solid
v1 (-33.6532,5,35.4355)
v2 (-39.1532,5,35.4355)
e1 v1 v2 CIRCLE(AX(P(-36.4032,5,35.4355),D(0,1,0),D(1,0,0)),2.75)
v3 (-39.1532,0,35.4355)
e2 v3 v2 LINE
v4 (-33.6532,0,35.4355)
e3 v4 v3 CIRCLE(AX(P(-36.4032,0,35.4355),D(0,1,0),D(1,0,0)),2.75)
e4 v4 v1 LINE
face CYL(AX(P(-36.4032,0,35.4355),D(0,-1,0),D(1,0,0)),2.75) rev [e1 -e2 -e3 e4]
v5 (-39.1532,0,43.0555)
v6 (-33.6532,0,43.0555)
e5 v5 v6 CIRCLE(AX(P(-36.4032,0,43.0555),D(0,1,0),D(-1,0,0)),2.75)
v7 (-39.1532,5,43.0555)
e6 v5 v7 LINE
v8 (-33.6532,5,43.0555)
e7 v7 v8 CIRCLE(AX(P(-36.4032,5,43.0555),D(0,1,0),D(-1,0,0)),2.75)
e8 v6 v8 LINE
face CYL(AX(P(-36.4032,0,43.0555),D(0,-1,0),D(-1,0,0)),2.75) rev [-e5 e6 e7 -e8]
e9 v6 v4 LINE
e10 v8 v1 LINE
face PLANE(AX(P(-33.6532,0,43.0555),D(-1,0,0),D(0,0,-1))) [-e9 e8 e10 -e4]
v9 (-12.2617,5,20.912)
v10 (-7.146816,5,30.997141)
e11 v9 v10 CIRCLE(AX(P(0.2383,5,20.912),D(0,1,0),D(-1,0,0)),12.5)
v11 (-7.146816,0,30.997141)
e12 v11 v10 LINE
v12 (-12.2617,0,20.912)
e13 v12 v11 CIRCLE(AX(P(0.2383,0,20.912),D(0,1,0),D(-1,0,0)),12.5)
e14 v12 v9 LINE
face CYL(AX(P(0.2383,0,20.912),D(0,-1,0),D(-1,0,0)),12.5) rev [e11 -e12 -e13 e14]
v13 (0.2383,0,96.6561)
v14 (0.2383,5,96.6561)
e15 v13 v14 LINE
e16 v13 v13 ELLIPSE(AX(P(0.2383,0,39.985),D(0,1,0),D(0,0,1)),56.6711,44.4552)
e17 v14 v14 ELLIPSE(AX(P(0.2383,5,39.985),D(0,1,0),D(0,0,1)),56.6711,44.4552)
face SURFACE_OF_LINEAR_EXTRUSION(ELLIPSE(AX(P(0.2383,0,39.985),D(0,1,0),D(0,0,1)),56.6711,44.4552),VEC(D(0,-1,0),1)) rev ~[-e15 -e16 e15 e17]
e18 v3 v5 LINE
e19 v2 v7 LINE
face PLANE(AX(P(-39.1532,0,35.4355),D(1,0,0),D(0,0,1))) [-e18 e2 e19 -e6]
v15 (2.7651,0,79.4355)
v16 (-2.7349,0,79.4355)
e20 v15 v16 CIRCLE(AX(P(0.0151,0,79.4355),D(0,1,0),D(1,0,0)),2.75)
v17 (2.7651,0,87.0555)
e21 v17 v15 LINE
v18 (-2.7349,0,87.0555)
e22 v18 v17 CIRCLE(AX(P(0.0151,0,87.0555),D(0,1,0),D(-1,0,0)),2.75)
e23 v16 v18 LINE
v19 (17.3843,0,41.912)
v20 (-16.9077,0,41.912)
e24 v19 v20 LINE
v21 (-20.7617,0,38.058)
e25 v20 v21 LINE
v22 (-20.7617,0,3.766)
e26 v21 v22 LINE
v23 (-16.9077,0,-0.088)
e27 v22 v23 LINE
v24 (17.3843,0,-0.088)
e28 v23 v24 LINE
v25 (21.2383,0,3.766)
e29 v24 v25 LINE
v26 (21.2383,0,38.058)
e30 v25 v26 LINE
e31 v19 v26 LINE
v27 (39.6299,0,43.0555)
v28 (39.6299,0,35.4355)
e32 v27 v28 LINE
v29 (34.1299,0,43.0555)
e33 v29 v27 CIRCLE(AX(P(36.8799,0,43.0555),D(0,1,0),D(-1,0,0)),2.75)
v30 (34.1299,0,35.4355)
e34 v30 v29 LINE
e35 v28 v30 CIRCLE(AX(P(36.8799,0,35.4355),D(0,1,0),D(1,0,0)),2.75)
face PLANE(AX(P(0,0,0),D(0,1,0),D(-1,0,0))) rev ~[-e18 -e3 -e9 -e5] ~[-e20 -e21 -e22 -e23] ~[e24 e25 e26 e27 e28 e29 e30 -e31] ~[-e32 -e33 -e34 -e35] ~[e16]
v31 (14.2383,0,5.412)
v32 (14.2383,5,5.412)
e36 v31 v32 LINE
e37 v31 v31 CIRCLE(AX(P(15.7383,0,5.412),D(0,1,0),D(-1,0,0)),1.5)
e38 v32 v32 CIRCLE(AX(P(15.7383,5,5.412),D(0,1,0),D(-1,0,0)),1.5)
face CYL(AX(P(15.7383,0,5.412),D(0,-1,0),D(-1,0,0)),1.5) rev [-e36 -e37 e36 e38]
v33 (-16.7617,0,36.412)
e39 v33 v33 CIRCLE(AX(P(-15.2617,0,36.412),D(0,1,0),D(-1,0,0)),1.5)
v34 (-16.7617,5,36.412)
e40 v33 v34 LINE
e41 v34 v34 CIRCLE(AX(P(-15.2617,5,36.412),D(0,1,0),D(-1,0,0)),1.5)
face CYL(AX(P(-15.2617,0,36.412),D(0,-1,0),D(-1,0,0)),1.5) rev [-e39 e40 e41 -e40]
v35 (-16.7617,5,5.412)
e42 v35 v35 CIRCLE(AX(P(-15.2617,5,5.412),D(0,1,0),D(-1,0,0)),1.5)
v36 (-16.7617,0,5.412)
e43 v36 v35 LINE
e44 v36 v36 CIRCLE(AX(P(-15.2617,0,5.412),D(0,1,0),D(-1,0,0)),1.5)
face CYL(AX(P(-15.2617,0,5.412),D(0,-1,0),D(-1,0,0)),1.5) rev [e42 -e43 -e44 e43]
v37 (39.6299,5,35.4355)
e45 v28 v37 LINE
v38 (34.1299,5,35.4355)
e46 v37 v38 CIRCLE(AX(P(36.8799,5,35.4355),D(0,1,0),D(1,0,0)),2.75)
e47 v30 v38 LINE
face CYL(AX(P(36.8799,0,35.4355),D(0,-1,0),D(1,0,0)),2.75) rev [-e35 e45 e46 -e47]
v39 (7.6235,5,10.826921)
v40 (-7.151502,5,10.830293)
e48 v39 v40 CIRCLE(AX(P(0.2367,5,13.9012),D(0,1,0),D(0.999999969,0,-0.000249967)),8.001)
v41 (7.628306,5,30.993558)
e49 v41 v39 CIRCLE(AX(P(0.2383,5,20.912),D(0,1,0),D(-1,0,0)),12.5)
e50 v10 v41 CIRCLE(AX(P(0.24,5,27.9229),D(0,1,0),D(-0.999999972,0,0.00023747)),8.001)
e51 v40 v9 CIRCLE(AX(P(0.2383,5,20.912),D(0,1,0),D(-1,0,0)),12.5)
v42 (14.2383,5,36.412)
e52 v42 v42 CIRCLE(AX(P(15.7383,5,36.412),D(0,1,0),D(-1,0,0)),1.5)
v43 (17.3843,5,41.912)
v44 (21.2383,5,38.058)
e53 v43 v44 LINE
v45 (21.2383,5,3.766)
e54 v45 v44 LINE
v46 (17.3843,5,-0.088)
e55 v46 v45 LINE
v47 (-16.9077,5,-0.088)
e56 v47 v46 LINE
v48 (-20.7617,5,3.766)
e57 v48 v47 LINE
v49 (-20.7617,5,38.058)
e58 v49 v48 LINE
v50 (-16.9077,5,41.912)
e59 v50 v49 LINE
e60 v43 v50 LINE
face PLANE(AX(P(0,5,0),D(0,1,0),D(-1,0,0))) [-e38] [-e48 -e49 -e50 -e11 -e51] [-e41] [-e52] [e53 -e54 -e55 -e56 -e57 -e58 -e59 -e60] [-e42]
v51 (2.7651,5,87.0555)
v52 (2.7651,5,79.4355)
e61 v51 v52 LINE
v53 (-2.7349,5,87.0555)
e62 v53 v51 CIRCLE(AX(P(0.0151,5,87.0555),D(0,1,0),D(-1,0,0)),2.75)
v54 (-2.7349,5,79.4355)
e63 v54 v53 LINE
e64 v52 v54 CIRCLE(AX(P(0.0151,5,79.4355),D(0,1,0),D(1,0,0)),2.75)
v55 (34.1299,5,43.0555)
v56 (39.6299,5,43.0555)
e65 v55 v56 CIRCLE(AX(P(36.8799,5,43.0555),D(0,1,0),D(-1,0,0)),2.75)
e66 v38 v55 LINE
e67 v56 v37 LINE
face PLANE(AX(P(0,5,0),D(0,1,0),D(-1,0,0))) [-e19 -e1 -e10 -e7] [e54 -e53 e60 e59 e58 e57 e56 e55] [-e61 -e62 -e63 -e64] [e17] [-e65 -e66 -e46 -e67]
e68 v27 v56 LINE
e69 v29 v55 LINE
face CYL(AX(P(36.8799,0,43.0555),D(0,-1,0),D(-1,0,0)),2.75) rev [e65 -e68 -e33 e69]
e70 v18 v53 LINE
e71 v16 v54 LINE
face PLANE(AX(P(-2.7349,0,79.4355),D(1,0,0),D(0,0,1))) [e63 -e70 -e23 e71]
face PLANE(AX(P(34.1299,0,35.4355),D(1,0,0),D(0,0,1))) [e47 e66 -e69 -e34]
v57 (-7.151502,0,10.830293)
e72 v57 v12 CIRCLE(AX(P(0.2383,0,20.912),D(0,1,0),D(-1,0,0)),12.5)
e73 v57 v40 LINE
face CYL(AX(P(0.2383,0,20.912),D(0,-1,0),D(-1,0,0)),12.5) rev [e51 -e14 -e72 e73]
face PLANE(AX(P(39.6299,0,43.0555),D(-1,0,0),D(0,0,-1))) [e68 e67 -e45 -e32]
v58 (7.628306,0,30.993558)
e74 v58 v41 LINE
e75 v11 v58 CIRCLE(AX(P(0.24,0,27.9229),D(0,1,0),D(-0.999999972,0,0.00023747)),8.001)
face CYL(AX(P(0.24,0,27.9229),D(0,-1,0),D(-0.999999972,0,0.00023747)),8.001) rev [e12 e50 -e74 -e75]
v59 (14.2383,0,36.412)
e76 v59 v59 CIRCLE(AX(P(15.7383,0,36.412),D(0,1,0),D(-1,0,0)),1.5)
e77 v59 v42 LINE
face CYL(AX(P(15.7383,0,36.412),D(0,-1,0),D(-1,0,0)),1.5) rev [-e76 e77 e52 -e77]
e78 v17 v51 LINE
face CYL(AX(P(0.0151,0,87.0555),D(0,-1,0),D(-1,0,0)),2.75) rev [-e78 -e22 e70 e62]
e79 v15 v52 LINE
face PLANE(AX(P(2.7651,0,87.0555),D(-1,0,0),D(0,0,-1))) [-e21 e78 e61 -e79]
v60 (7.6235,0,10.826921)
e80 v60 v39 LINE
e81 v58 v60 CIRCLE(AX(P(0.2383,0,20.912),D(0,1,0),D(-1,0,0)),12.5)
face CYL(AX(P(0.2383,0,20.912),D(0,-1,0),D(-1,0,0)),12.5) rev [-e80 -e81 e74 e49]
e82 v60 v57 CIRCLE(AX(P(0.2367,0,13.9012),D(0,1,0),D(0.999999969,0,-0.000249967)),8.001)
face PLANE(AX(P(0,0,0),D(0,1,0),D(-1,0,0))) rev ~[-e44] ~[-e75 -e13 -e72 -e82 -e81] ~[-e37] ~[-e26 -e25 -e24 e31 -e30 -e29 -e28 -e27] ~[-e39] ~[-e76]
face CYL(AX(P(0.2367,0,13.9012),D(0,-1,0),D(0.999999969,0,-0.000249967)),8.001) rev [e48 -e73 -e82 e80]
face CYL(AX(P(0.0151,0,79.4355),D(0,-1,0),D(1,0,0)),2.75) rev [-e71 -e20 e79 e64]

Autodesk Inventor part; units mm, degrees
ref_plane "YZ Plane" through (0, 0, 0) normal (1, 0, 0) x (0, 1, 0)
ref_plane "XZ Plane" through (0, 0, 0) normal (0, 1, 0) x (-1, 0, 0)
ref_plane "XY Plane" through (0, 0, 0) normal (0, 0, 1) x (1, 0, 0)
sketch "Sketch1" plane through (0, 0, 0) normal (0, 1, 0) x (-1, 0, 0)
  line L0 (15.2617, 5.412) -> (-15.7383, 36.412) construction
  line L1 (15.2617, 36.412) -> (-15.7383, 5.412) construction
  line L2 (48.4032, 51.2455) -> (-48.8799, 51.2455) construction
  line L3 (-48.8799, 51.2455) -> (-48.8799, 71.2455) construction
  line L4 (-48.8799, 71.2455) -> (48.4032, 71.2455) construction
  line L5 (48.4032, 71.2455) -> (48.4032, 51.2455) construction
  line L6 (48.4032, 51.2455) -> (-48.8799, 71.2455) construction
  line L7 (-48.8799, 51.2455) -> (48.4032, 71.2455) construction
  line L8 (16.9077, -0.088) -> (-17.3843, -0.088)
  line L9 (-21.2383, 3.766) -> (-21.2383, 38.058)
  line L10 (-17.3843, 41.912) -> (16.9077, 41.912)
  line L11 (20.7617, 38.058) -> (20.7617, 3.766)
  line L12 (20.7617, -0.088) -> (-21.2383, 41.912) construction
  line L13 (-21.2383, -0.088) -> (20.7617, 41.912) construction
  line L14 (20.7617, 3.766) -> (16.9077, -0.088)
  line L15 (-17.3843, -0.088) -> (-21.2383, 3.766)
  line L16 (-17.3843, 41.912) -> (-21.2383, 38.058)
  line L17 (16.9077, 41.912) -> (20.7617, 38.058)
  circle A0 centre (36.4032, 39.2455) radius 12 construction
  circle A1 centre (-36.8799, 39.2455) radius 12 construction
  circle A2 centre (-0.0151, 83.2455) radius 12 construction
  line L18 (-0.2367, 13.9012) -> (-0.24, 27.9229) construction
  line L19 (7.7643, 13.9031) -> (7.761, 27.9248)
  line L20 (-8.241, 27.921) -> (-8.2377, 13.8992)
  arc A3 (-8.2377, 13.8992) -> (7.7643, 13.9031) centre (-0.2367, 13.9012) ccw
  arc A4 (7.761, 27.9248) -> (-8.241, 27.921) centre (-0.24, 27.9229) ccw
  line L21 (36.4032, 35.4355) -> (36.4032, 43.0555) construction
  line L22 (39.1532, 35.4355) -> (39.1532, 43.0555)
  line L23 (33.6532, 43.0555) -> (33.6532, 35.4355)
  arc A5 (33.6532, 35.4355) -> (39.1532, 35.4355) centre (36.4032, 35.4355) ccw
  arc A6 (39.1532, 43.0555) -> (33.6532, 43.0555) centre (36.4032, 43.0555) ccw
  line L24 (-36.8799, 35.4355) -> (-36.8799, 43.0555) construction
  line L25 (-34.1299, 35.4355) -> (-34.1299, 43.0555)
  line L26 (-39.6299, 43.0555) -> (-39.6299, 35.4355)
  arc A7 (-39.6299, 35.4355) -> (-34.1299, 35.4355) centre (-36.8799, 35.4355) ccw
  arc A8 (-34.1299, 43.0555) -> (-39.6299, 43.0555) centre (-36.8799, 43.0555) ccw
  line L27 (-0.0151, 79.4355) -> (-0.0151, 87.0555) construction
  line L28 (2.7349, 79.4355) -> (2.7349, 87.0555)
  line L29 (-2.7651, 87.0555) -> (-2.7651, 79.4355)
  arc A9 (-2.7651, 79.4355) -> (2.7349, 79.4355) centre (-0.0151, 79.4355) ccw
  arc A10 (2.7349, 87.0555) -> (-2.7651, 87.0555) centre (-0.0151, 87.0555) ccw
  ellipse E0 centre (-0.2383, 39.985) end of major axis (-0.2383, 96.6561) minor radius 44.4552
  circle A11 centre (15.2617, 5.412) radius 1.5
  circle A12 centre (-15.7383, 5.412) radius 1.5
  circle A13 centre (-15.7383, 36.412) radius 1.5
  circle A14 centre (15.2617, 36.412) radius 1.5
  circle A15 centre (-0.2383, 20.912) radius 12.5
  point P0 (-0.2383, 61.2455)
  point P1 (-0.2383, 61.2455)
  point P2 (-0.2383, 20.912)
  point P3 (7.1468, 30.9972)
  point P4 (7.1516, 10.8304)
  point P5 (-7.6234, 10.8269)
  point P6 (-7.6283, 30.9936)
  dimension "d45" = 31
  dimension "d46" = 31
  dimension "d47" = 20
  dimension "d48" = 12
  dimension "d49" = 12
  dimension "d50" = 42
  dimension "d51" = 42
  dimension "d52" = 3.854
  dimension "d53" = 45
  dimension "d54" = 3.854
  dimension "d55" = 45
  dimension "d56" = 3.854
  dimension "d57" = 45
  dimension "d58" = 3.854
  dimension "d59" = 45
  dimension "d60" = 12
  dimension "d61" = 16.002
  dimension "d63" = 3.81
  dimension "d64" = 5.5
  dimension "d65" = 3.81
  dimension "d66" = 5.5
  dimension "d67" = 3.81
  dimension "d68" = 5.5
  dimension "d71" = 3
  dimension "d72" = 3
  dimension "d73" = 3
  dimension "d74" = 3
  dimension "d75" = 25
extrude "Extrusion4" add sketch "Sketch1" along normal blind 5 contours L8 L15 L9 L16 L10 L17 L11 L14 | E0
equation "\"d46\" = d45"
equation "\"d49\" = d48"
equation "\"d54\" = d52"
equation "\"d56\" = d54"
equation "\"d57\" = d55"
equation "\"d58\" = d54"
equation "\"d59\" = d55"
equation "\"d60\" = d49"
equation "\"d65\" = d63"
equation "\"d66\" = d64"
equation "\"d67\" = d65"
equation "\"d68\" = d64"
equation "\"d72\" = d71"
equation "\"d73\" = d72"
equation "\"d74\" = d73"
properties part number "Base Plate" material "Acrylic"
